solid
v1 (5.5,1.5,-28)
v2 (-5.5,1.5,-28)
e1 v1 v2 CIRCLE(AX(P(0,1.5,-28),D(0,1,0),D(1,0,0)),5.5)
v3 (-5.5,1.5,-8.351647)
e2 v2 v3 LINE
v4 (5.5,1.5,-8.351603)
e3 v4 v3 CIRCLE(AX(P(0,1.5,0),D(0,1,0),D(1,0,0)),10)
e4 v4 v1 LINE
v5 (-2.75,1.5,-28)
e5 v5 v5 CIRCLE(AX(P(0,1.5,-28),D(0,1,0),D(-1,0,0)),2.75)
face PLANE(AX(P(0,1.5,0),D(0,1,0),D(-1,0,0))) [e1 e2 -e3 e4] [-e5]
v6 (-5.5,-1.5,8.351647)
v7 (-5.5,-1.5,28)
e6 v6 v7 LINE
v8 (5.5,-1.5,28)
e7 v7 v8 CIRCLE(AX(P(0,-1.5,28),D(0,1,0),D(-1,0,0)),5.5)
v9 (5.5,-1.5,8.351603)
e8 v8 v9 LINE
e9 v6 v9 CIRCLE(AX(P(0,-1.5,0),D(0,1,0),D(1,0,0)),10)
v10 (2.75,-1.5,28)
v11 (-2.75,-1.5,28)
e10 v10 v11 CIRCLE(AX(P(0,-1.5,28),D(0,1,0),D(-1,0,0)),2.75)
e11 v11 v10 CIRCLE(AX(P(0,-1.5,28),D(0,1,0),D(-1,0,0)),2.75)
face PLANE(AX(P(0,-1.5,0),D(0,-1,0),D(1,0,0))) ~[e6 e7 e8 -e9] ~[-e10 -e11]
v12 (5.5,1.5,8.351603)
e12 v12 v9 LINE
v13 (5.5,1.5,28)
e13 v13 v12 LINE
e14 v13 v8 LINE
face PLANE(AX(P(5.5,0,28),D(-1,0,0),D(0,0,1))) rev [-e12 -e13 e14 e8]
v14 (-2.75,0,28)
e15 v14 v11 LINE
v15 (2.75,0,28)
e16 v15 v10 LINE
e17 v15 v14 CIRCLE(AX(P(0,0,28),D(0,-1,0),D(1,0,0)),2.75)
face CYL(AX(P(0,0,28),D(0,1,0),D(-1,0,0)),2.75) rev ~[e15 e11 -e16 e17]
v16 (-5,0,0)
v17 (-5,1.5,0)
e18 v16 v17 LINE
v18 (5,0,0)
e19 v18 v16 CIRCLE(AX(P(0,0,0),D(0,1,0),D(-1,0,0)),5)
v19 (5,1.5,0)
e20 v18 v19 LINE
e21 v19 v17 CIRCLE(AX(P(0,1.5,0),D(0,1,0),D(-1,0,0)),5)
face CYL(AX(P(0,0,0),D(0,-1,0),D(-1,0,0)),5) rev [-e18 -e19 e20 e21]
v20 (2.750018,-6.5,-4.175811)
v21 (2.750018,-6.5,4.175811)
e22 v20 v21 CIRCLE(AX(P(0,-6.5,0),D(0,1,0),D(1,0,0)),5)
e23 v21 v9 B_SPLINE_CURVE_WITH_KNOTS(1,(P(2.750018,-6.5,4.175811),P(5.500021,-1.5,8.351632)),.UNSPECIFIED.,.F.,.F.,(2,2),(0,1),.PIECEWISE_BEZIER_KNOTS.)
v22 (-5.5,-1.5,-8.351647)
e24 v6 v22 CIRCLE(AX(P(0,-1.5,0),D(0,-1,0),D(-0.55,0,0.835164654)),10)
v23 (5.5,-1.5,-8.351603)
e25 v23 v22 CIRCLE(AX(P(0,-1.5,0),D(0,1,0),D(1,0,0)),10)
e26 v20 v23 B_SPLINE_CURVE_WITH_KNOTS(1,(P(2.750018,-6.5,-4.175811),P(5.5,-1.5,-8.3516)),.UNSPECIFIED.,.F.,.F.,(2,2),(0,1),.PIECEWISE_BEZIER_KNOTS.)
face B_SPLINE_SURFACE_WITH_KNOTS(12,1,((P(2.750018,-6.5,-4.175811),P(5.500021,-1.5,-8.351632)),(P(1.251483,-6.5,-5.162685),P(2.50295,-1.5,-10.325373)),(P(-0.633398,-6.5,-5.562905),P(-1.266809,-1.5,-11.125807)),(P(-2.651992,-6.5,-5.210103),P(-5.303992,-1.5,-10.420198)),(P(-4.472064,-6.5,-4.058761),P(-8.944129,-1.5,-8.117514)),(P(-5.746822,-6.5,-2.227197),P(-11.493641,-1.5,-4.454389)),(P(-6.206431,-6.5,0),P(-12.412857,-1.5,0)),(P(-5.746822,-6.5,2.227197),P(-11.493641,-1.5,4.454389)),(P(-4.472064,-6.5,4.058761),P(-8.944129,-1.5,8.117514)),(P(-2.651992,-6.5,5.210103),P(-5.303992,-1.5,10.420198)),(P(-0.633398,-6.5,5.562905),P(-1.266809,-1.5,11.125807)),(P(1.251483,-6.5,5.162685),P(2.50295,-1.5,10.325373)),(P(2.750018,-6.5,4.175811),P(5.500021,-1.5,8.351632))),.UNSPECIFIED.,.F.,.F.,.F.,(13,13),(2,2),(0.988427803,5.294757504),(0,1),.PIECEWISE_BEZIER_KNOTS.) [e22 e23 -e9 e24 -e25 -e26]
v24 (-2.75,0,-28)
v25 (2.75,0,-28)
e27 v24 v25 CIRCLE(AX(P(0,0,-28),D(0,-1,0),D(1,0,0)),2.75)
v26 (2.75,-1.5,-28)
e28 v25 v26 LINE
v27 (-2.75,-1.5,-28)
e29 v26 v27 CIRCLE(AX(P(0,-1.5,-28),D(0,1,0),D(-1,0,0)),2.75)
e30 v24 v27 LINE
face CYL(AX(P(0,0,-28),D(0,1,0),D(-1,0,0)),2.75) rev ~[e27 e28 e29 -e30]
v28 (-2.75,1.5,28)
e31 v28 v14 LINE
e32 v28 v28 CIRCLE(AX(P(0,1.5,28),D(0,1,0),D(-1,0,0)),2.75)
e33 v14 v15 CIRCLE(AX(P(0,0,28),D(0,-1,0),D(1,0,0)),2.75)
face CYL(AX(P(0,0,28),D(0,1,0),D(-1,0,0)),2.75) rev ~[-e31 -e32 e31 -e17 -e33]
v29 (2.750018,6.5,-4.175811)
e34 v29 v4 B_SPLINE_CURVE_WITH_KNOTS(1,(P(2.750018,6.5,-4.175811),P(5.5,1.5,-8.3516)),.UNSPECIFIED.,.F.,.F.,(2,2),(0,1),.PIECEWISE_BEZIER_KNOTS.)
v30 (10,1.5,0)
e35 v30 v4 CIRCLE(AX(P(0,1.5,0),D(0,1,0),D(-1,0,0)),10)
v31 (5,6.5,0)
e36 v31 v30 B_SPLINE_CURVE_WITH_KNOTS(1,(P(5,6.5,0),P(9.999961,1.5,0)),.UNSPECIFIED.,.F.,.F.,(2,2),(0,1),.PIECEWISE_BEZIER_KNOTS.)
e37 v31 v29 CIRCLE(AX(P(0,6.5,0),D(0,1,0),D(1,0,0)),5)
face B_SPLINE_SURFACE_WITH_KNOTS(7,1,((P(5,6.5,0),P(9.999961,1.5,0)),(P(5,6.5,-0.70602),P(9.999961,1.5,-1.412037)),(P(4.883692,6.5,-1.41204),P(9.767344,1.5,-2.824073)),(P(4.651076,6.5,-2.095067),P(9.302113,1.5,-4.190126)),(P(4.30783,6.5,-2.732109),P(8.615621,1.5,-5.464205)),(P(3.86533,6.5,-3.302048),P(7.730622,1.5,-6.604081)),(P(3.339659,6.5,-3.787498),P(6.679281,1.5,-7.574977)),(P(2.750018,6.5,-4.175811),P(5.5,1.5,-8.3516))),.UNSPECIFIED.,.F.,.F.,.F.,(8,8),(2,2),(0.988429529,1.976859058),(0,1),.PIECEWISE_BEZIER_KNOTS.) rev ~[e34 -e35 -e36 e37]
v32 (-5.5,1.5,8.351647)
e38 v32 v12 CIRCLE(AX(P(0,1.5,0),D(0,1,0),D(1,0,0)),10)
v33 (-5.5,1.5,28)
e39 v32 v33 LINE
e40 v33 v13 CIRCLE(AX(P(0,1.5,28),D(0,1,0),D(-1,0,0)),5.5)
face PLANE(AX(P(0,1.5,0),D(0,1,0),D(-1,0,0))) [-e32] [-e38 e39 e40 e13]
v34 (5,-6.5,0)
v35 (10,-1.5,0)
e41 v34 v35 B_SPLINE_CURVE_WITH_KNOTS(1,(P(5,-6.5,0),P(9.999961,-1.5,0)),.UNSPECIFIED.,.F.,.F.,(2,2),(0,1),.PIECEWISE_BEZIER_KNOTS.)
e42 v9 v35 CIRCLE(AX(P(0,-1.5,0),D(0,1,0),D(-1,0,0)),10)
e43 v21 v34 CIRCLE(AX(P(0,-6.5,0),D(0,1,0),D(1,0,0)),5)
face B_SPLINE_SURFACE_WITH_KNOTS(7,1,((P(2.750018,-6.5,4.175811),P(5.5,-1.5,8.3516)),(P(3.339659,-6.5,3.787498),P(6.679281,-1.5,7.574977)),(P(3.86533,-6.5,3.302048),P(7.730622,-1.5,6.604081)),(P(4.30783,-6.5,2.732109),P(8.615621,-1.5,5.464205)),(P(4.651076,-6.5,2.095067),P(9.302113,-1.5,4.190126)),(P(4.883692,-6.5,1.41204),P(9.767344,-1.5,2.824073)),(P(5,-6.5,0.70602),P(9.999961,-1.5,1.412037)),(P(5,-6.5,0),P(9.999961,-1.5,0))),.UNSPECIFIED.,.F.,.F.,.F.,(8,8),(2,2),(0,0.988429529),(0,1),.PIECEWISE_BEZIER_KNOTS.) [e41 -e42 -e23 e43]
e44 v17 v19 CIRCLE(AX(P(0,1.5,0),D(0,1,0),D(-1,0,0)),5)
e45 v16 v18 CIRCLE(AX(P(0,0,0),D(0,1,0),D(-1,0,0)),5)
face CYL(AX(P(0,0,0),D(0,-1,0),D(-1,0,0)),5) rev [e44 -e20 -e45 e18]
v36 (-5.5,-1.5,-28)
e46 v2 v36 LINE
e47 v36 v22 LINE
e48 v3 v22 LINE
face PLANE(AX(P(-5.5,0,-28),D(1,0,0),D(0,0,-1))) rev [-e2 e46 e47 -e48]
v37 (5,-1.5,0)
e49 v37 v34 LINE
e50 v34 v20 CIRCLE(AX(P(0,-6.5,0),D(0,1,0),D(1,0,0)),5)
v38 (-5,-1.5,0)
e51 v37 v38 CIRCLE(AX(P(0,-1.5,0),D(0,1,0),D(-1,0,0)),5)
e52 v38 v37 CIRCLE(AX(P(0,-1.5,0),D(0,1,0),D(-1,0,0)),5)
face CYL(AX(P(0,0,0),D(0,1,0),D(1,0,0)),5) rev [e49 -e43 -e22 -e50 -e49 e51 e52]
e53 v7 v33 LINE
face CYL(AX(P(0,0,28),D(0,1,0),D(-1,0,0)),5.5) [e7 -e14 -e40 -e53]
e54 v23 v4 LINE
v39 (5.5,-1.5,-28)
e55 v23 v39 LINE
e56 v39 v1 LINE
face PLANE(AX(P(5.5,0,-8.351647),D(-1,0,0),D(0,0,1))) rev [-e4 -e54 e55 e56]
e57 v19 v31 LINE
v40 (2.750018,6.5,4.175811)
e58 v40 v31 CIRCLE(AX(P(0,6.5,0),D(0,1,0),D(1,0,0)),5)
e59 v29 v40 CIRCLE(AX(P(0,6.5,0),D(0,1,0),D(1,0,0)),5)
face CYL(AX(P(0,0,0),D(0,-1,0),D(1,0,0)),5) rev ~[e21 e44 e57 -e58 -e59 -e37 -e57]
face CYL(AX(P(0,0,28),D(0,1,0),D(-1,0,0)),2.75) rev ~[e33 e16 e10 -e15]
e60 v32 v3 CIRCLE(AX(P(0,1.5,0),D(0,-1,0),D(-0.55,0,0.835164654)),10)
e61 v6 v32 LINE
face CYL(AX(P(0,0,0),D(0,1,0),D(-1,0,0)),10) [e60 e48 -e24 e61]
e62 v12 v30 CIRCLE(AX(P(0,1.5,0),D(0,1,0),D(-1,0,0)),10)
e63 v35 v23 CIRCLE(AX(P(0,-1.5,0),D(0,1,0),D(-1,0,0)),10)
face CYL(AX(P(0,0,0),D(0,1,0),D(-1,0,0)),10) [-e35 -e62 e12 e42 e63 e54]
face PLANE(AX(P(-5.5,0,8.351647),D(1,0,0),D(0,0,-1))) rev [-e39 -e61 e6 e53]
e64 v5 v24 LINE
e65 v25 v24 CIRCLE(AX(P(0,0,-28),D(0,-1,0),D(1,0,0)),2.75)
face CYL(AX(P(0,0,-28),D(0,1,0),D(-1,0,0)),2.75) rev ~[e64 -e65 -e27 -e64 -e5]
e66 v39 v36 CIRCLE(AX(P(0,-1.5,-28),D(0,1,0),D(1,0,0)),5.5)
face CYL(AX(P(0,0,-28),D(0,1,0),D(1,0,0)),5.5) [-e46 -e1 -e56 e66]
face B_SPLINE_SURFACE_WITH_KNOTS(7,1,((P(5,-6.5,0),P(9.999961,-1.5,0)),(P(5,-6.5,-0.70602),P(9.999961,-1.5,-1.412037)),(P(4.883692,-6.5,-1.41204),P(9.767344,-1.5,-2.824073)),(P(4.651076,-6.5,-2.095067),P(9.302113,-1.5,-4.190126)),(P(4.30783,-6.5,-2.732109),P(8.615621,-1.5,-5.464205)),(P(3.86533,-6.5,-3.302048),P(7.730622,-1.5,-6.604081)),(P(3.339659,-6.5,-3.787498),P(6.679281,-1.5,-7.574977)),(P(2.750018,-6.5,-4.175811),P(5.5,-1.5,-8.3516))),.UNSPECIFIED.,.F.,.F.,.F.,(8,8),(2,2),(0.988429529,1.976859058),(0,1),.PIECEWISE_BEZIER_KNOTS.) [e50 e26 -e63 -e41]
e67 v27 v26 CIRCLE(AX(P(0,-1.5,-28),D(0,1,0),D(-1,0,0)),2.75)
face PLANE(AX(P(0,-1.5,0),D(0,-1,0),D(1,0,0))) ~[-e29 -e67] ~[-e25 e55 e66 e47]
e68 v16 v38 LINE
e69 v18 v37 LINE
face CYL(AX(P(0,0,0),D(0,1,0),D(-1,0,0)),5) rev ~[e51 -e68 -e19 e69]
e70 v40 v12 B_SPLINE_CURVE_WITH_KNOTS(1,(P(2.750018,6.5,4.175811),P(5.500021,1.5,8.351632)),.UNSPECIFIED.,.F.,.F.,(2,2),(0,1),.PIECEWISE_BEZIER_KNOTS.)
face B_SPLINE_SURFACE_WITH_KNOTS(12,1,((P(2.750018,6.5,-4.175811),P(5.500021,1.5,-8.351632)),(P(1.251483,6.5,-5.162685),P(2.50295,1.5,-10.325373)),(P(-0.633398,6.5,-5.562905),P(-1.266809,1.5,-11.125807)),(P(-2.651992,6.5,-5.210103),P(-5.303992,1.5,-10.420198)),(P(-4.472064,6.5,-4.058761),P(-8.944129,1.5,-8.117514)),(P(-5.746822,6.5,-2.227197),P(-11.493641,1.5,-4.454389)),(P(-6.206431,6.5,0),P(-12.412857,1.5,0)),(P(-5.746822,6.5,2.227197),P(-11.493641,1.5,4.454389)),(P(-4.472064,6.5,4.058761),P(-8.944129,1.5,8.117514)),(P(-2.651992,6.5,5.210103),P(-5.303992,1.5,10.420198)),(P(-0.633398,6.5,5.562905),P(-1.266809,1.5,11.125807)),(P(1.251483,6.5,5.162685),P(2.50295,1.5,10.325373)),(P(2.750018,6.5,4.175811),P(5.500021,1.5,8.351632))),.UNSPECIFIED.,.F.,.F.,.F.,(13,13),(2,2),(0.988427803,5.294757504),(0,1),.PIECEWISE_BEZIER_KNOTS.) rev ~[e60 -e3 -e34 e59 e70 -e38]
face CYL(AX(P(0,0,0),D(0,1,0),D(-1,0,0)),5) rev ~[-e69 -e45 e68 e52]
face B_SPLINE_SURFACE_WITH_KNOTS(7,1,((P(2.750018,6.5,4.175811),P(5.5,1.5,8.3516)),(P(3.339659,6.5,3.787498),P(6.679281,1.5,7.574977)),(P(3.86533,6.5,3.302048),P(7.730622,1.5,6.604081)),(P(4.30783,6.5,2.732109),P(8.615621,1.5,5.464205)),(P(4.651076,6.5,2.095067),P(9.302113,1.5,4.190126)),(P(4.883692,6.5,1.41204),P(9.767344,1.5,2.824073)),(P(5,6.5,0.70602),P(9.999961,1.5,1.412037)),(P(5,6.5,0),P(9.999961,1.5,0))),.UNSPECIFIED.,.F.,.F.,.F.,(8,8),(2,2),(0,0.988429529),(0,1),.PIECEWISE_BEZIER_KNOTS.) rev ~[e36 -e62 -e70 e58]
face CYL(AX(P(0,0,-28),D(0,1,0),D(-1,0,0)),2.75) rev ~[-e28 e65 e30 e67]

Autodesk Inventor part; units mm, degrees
ref_plane "YZ Plane" through (0, 0, 0) normal (1, 0, 0) x (0, 1, 0)
ref_plane "XZ Plane" through (0, 0, 0) normal (0, 1, 0) x (-1, 0, 0)
ref_plane "XY Plane" through (0, 0, 0) normal (0, 0, 1) x (1, 0, 0)
sketch "Sketch1" plane through (0, 0, 0) normal (0, 1, 0) x (-1, 0, 0)
  circle A0 centre (0, 0) radius 10
  line L0 (0, 28) -> (0, -28) construction
  line L1 (-5.5, 28) -> (-5.5, -28)
  line L2 (5.5, -28) -> (5.5, 28)
  arc A1 (5.5, 28) -> (-5.5, 28) centre (0, 28) ccw
  arc A2 (-5.5, -28) -> (5.5, -28) centre (0, -28) ccw
  circle A3 centre (0, 0) radius 5
  circle A4 centre (0, 28) radius 2.75
  circle A5 centre (0, -28) radius 2.75
  point P0 (-5.5, 8.3516)
  point P1 (-5.5, -8.3516)
  point P2 (5.5, -8.3516)
  point P3 (5.5, 8.3516)
  dimension "d0" = 56
  dimension "d1" = 20
  dimension "d2" = 10
  dimension "d3" = 5.5
  dimension "d4" = 5.5
extrude "Extrusion1" add sketch "Sketch1" along normal blind 1.5
ref_plane "Work Plane1" through (0, 6.5, 0) normal (0, 1, 0) x (1, 0, 0)
sketch "Sketch4" plane through (0, 1.5, 0) normal (0, 1, 0) x (1, 0, 0)
  arc A0 (5.5, -8.3516) -> (5.5, 8.3516) centre (0, 0) ccw projected
  circle A1 centre (0, 0) radius 10
sketch "Sketch2" plane through (0, 6.5, 0) normal (0, 1, 0) x (1, 0, 0)
  circle A0 centre (0, 0) radius 5 projected
  circle A1 centre (0, 0) radius 5
loft "Loft2" add profiles "Sketch2", "Sketch4"
sketch "Sketch3" plane through (0, 0, 0) normal (0, -1, 0) x (1, 0, 0)
  circle A0 centre (0, 0) radius 5 projected
  circle A1 centre (0, 28) radius 2.75 projected
  circle A2 centre (0, -28) radius 2.75 projected
extrude "Extrusion2" cut sketch "Sketch3" against normal through all
mirror "Mirror1" about plane through (0, 0, 0) normal (0, -1, 0) of "Extrusion1", "Loft2", "Extrusion2"
properties part number "12_Thong_lo_xo"
